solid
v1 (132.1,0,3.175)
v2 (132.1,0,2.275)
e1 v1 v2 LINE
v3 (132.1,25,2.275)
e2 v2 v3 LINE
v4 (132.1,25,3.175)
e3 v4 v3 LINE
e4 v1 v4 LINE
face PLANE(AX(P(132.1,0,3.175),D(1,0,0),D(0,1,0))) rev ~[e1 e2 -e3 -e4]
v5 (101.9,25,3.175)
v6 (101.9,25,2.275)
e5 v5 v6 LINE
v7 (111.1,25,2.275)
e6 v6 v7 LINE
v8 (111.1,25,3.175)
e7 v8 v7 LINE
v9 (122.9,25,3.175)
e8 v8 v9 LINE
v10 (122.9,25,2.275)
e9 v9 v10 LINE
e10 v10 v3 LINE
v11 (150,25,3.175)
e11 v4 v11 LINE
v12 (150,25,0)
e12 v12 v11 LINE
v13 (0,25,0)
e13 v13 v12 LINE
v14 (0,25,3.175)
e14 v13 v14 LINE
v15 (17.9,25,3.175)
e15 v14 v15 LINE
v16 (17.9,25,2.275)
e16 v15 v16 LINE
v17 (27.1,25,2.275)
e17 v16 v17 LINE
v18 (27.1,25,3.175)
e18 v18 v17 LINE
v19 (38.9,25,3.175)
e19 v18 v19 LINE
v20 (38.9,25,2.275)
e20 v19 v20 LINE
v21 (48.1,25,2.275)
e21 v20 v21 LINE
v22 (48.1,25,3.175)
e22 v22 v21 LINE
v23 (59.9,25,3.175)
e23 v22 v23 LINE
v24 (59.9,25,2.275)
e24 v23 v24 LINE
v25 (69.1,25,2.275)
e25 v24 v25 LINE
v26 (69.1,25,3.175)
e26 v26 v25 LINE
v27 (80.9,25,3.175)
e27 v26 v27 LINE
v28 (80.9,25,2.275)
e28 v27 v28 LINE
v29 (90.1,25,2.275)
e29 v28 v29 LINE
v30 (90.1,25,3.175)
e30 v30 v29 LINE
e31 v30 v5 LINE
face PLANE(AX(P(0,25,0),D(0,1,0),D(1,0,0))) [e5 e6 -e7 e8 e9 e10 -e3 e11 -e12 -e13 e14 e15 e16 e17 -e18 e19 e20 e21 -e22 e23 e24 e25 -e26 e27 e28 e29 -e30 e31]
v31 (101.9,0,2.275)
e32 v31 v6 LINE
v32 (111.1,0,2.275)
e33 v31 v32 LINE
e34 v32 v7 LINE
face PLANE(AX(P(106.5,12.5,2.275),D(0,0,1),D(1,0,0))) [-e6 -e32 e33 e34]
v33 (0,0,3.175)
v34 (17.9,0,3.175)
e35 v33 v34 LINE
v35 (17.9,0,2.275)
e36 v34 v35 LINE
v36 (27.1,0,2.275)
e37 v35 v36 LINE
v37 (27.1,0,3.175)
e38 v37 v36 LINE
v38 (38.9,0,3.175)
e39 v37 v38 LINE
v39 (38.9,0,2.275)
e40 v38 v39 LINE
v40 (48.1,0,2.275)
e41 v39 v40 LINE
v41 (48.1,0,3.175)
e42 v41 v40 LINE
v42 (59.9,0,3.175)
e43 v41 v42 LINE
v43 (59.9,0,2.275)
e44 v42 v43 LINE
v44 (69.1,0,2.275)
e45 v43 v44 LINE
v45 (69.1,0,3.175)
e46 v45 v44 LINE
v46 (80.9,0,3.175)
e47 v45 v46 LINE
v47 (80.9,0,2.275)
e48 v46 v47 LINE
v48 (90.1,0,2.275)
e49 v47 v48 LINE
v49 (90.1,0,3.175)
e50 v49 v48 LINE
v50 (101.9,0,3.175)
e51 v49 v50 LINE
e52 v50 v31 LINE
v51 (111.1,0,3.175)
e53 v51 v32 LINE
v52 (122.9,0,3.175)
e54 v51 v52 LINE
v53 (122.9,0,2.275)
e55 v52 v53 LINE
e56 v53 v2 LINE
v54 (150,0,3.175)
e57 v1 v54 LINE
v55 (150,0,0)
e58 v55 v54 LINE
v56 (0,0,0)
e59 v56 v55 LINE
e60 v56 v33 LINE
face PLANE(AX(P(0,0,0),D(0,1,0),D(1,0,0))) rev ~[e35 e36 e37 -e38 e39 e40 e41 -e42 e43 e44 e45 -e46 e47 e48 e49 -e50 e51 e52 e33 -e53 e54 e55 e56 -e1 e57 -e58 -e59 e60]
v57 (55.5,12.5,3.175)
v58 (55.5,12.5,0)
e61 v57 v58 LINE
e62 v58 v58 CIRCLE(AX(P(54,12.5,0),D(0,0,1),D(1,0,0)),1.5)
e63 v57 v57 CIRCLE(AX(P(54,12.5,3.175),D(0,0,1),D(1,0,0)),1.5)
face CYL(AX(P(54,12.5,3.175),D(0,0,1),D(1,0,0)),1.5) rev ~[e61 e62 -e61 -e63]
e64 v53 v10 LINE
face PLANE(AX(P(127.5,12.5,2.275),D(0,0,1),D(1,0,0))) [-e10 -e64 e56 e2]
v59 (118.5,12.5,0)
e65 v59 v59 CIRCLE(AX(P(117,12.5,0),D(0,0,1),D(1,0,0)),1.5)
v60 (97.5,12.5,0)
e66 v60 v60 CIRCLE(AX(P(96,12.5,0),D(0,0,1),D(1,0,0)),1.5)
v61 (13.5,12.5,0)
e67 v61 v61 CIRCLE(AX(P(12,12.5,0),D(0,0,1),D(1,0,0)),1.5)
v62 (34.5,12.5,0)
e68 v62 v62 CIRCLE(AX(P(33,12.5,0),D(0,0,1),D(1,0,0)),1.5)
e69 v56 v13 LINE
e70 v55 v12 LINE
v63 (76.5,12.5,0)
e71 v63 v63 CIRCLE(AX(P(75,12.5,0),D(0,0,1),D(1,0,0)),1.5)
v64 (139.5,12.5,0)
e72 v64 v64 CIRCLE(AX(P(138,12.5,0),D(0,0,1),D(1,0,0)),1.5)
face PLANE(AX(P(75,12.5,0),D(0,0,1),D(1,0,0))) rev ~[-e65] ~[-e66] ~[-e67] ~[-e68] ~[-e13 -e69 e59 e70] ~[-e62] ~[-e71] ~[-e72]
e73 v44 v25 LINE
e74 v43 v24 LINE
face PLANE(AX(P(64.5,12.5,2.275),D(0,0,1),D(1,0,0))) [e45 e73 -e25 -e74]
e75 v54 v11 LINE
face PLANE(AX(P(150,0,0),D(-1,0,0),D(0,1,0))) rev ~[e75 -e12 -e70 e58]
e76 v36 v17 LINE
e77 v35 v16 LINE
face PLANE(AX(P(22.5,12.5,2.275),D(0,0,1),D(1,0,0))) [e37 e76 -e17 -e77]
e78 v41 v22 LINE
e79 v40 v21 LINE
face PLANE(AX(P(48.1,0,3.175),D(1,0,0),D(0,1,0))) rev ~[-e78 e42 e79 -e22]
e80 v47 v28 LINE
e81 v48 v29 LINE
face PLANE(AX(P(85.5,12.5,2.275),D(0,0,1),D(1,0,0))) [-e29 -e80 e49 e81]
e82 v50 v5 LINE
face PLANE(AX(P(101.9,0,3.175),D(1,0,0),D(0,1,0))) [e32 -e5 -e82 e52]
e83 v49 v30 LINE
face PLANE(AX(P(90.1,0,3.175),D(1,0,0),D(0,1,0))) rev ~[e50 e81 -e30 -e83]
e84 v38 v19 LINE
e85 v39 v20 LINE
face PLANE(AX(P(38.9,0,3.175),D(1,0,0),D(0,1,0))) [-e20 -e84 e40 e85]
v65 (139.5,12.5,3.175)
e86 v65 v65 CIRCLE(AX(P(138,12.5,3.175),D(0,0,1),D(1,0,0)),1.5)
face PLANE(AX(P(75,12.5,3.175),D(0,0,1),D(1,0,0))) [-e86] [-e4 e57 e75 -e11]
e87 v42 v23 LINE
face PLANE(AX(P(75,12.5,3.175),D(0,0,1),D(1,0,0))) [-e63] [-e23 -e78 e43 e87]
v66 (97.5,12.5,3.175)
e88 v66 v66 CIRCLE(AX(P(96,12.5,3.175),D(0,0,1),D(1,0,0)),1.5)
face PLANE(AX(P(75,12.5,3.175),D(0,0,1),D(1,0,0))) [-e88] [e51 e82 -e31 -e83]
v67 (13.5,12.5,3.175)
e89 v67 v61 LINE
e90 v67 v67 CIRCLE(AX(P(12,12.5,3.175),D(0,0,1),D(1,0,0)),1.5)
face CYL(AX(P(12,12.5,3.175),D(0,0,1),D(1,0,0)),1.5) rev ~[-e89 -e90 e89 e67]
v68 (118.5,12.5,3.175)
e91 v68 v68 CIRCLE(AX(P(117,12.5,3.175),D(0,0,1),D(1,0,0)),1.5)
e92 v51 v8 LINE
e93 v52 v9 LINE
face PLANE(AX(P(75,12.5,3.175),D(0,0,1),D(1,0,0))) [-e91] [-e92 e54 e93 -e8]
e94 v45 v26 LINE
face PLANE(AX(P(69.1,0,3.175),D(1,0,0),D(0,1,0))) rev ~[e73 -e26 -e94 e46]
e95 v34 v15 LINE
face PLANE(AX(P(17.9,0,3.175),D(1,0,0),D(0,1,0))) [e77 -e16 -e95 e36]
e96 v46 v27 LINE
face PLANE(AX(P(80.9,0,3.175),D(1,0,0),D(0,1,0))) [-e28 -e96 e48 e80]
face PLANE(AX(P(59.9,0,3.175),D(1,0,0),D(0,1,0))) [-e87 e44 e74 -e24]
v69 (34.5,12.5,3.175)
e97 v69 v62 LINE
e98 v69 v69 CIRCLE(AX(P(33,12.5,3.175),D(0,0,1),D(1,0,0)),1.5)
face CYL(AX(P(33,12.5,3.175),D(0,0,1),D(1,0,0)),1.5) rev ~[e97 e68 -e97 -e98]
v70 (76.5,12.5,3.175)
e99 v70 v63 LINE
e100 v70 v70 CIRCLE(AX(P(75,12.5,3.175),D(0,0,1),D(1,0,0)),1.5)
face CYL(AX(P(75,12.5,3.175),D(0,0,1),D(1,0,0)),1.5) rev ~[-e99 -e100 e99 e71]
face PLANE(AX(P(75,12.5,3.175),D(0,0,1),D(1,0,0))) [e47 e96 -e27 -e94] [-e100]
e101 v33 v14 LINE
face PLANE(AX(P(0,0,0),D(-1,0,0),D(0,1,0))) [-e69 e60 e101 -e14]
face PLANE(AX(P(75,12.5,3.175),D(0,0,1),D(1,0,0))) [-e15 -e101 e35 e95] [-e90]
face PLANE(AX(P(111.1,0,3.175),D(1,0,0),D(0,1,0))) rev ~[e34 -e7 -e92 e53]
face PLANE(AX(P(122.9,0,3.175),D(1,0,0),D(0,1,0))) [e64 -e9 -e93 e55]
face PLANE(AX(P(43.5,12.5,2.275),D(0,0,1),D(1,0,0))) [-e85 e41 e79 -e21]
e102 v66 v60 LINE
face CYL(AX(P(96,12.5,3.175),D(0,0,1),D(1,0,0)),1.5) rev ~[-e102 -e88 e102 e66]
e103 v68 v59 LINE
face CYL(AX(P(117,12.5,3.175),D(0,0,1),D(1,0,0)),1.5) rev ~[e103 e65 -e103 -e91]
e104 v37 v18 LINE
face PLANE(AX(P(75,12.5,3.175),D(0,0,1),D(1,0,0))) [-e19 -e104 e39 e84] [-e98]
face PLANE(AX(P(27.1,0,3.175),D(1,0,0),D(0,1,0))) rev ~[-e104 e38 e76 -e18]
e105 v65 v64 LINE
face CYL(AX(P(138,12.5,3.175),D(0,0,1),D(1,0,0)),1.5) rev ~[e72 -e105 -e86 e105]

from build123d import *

# Parameters (mm, degrees)
F0_W     = 150
F0_H     = 25
F1_DEPTH = 3.175
F2_W     = 9.2
F2_H     = 25
F3_DEPTH = 0.9
F4_R     = 1.5
F5_DEPTH = 25


with BuildPart() as f1:
    # F0 (on Top) → F1 (new body)
    with BuildSketch(Plane.XY):
        with Locations((75, 12.5)):
            Rectangle(F0_W, F0_H)
    extrude(amount=F1_DEPTH)

    # F2 (on face) → F3 (cut)
    with BuildSketch(Plane.XY.offset(3.175)):
        with Locations((22.5, 12.5)):
            Rectangle(F2_W, F2_H)
        with Locations((43.5, 12.5)):
            Rectangle(F2_W, F2_H)
        with Locations((64.5, 12.5)):
            Rectangle(F2_W, F2_H)
        with Locations((85.5, 12.5)):
            Rectangle(F2_W, F2_H)
        with Locations((106.5, 12.5)):
            Rectangle(F2_W, F2_H)
        with Locations((127.5, 12.5)):
            Rectangle(F2_W, F2_H)
    extrude(amount=-F3_DEPTH, mode=Mode.SUBTRACT)

    # F4 (on face) → F5 (cut)
    with BuildSketch(Plane.XY.offset(3.175)):
        with Locations((12, 12.5)):
            Circle(F4_R)
        with Locations((33, 12.5)):
            Circle(F4_R)
        with Locations((54, 12.5)):
            Circle(F4_R)
        with Locations((75, 12.5)):
            Circle(F4_R)
        with Locations((96, 12.5)):
            Circle(F4_R)
        with Locations((117, 12.5)):
            Circle(F4_R)
        with Locations((138, 12.5)):
            Circle(F4_R)
    extrude(amount=-F5_DEPTH, mode=Mode.SUBTRACT)


solid = f1.part
